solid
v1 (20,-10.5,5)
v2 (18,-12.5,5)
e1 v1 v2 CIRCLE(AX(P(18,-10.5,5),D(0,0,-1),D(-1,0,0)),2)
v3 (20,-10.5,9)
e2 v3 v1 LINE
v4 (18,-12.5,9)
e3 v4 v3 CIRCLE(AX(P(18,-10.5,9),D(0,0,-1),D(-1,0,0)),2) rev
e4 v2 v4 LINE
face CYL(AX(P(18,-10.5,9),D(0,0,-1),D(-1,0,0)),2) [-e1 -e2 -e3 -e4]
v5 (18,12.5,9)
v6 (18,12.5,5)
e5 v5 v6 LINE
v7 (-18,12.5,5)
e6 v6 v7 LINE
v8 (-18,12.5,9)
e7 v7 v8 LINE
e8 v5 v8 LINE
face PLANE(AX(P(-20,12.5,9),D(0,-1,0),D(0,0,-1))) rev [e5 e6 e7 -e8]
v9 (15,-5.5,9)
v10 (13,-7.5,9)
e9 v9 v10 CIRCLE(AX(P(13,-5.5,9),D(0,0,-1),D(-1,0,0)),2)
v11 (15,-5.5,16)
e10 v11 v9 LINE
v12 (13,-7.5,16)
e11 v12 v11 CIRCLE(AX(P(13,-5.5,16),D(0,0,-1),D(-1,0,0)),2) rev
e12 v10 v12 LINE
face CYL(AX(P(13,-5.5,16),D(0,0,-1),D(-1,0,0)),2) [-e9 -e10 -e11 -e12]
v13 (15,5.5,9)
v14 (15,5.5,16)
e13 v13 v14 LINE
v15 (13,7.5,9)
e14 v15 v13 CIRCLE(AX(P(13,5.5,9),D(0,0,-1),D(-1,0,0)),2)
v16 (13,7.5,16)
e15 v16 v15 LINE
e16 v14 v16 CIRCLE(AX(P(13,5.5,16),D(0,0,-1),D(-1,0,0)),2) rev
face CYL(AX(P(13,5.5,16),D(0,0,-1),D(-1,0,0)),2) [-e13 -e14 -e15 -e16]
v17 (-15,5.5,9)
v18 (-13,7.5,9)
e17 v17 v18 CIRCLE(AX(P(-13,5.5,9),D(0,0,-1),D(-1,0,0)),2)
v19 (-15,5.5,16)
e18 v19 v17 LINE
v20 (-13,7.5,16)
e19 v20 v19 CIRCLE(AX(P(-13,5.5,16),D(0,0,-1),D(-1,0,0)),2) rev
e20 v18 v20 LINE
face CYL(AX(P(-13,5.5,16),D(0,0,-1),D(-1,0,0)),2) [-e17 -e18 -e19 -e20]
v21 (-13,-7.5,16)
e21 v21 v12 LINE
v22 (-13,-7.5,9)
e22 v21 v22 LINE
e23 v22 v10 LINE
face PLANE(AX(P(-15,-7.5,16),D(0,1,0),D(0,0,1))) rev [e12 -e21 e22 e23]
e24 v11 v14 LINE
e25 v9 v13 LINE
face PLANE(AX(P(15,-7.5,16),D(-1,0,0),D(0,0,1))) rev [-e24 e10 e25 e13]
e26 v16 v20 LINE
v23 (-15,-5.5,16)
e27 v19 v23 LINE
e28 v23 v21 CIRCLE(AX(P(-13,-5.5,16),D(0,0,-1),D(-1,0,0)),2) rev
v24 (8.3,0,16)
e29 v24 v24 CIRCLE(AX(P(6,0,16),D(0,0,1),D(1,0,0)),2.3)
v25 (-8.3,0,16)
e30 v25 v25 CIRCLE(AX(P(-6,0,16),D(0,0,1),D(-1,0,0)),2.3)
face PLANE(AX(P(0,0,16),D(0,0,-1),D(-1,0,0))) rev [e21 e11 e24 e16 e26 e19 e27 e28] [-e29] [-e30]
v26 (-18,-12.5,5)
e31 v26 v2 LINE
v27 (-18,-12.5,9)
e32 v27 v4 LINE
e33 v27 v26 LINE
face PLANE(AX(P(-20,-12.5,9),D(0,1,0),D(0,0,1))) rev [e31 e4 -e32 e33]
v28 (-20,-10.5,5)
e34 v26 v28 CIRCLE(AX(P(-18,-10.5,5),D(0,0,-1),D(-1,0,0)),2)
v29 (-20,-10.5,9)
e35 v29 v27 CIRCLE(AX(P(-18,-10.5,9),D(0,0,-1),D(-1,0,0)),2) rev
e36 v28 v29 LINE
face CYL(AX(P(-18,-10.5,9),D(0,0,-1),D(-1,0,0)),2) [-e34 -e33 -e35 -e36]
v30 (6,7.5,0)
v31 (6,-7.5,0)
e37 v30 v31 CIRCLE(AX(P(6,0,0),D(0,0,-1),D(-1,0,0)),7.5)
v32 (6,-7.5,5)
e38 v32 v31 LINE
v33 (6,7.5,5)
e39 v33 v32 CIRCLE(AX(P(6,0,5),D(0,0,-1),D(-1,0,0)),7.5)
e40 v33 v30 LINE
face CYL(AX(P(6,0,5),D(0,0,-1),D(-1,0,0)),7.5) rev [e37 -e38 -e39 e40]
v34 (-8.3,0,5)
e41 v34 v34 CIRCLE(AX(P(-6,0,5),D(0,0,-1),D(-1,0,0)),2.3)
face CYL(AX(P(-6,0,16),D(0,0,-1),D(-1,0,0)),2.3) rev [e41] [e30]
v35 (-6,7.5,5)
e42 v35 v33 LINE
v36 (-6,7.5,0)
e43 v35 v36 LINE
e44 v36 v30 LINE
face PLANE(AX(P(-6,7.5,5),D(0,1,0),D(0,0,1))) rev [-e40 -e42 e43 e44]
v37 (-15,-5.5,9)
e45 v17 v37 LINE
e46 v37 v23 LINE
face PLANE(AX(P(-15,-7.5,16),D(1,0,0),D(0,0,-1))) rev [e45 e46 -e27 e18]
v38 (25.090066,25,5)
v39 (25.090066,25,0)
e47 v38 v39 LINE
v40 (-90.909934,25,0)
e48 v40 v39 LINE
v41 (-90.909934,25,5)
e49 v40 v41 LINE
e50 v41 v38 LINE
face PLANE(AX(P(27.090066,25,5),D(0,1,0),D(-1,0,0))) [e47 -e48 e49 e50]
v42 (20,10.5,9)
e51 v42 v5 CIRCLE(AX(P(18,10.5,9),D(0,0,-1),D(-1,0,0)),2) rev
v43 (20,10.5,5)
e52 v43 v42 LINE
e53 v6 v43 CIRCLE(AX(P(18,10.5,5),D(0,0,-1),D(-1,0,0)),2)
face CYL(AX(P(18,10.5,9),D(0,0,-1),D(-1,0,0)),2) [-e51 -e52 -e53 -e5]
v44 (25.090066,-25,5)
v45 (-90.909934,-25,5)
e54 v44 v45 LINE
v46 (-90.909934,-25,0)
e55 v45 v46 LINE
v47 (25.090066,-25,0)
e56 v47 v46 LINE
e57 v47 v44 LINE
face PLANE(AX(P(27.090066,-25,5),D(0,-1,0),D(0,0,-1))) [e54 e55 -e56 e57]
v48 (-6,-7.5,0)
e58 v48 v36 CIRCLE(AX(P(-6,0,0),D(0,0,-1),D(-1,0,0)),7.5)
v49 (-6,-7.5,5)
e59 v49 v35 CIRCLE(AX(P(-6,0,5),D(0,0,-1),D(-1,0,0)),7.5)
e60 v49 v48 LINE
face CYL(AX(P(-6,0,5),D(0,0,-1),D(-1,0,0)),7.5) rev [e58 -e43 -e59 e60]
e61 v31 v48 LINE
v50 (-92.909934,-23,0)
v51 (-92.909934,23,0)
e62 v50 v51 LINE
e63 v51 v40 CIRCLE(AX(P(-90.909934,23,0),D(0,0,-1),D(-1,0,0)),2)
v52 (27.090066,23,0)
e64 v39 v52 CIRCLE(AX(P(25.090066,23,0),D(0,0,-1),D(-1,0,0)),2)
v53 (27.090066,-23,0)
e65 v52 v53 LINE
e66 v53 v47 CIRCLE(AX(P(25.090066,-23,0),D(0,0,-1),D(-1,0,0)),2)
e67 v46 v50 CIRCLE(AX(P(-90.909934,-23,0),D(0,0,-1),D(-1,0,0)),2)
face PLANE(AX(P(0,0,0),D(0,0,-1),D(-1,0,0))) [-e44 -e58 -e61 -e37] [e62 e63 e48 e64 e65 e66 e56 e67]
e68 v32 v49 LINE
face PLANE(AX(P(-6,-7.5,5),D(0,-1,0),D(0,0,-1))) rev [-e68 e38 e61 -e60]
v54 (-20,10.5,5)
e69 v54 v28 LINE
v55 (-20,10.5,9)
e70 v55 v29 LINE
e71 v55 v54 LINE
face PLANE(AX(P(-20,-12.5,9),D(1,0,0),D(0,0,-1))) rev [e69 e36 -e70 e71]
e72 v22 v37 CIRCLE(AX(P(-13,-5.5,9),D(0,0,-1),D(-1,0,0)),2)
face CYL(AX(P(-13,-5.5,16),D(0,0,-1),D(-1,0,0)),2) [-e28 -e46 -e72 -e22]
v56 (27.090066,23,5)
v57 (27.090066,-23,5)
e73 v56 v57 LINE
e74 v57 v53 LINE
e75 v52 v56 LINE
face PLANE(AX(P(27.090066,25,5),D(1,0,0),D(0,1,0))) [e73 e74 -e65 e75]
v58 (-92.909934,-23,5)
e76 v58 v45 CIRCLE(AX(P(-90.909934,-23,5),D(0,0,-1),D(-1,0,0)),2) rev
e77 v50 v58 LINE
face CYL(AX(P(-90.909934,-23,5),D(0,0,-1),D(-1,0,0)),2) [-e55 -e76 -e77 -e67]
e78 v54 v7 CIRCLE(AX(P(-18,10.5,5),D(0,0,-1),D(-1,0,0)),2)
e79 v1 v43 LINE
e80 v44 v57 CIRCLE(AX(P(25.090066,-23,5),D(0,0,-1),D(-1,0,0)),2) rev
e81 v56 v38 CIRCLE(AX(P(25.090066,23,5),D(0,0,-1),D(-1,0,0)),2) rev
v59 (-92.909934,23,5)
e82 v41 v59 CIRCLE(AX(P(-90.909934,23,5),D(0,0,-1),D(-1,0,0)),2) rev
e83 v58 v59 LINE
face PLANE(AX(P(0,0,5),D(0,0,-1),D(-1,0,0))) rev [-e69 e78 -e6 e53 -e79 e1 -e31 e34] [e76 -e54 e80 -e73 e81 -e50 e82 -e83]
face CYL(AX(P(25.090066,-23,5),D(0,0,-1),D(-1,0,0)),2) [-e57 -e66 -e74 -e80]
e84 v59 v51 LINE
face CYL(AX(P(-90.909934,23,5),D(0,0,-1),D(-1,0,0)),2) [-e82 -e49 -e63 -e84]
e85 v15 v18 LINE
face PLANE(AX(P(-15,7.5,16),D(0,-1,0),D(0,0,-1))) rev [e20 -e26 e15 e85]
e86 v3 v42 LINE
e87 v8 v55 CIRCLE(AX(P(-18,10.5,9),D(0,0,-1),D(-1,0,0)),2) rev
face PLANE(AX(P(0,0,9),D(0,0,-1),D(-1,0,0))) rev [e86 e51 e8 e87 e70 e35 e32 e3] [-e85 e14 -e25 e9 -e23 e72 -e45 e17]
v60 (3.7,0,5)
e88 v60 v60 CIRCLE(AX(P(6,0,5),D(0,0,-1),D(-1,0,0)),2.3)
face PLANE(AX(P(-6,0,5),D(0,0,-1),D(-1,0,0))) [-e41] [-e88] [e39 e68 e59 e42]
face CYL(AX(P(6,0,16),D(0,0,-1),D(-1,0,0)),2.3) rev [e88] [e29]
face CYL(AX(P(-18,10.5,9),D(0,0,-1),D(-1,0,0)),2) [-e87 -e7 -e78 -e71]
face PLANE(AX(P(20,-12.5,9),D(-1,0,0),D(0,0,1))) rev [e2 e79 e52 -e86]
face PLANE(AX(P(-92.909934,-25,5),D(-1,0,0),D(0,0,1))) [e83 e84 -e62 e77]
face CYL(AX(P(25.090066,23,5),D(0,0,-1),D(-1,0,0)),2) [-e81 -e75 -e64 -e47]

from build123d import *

# Parameters (mm, degrees)
CROQUIS1_W              = 30
CROQUIS1_H              = 15
CROQUIS1_R              = 2.3
SALIENTE_EXTRUIR1_DEPTH = 16
CROQUIS2_W              = 120
CROQUIS2_H              = 50
CROQUIS2_R              = 3.5
SALIENTE_EXTRUIR2_DEPTH = 5
CROQUIS3_W              = 40
CROQUIS3_H              = 25
CROQUIS3_W_2            = 30
CROQUIS3_H_2            = 15
SALIENTE_EXTRUIR3_DEPTH = 4
CORTAR_EXTRUIR1_DEPTH   = 5
REDONDEO1_R             = 2


with BuildPart() as part:
    # Croquis1 → Saliente-Extruir1 (new body)
    with BuildSketch(Plane.XY):
        Rectangle(CROQUIS1_W, CROQUIS1_H)
        with Locations((6, 0)):
            Circle(CROQUIS1_R, mode=Mode.SUBTRACT)
        with Locations(Location((-6, 0, 0), (0, 0, 180))):
            Circle(CROQUIS1_R, mode=Mode.SUBTRACT)
    extrude(amount=SALIENTE_EXTRUIR1_DEPTH)

    # Croquis2 → Saliente-Extruir2 (add)
    with BuildSketch(Plane(origin=(0, 0, 0), x_dir=(-1, 0, 0), z_dir=(0, 0, -1))):
        with Locations((32.909933797, 0)):
            Rectangle(CROQUIS2_W, CROQUIS2_H)
        with Locations((-6, 0)):
            Circle(CROQUIS2_R, mode=Mode.SUBTRACT)
        with Locations((6, 0)):
            Circle(CROQUIS2_R, mode=Mode.SUBTRACT)
    extrude(amount=-SALIENTE_EXTRUIR2_DEPTH)

    # Croquis3 → Saliente-Extruir3 (add)
    with BuildSketch(Plane.XY.offset(5)):
        Rectangle(CROQUIS3_W, CROQUIS3_H)
        Rectangle(CROQUIS3_W_2, CROQUIS3_H_2, mode=Mode.SUBTRACT)
    extrude(amount=SALIENTE_EXTRUIR3_DEPTH)

    # Croquis4 → Cortar-Extruir1 (cut)
    with BuildSketch(Plane(origin=(0, 0, 0), x_dir=(-1, 0, 0), z_dir=(0, 0, -1))):
        with BuildLine():
            Line((6, 7.5), (-6, 7.5))
            ThreePointArc((-6, 7.5), (-13.5, 0), (-6, -7.5))
            Line((-6, -7.5), (6, -7.5))
            ThreePointArc((6, -7.5), (13.5, 0), (6, 7.5))
        make_face()
    extrude(amount=-CORTAR_EXTRUIR1_DEPTH, mode=Mode.SUBTRACT)

    # Redondeo1
    redondeo1_edges = [part.edges().sort_by_distance(p)[0] for p in [
        (27.090066203, -25, 2.5),
        (27.090066203, 25, 2.5),
        (-92.909933797, 25, 2.5),
        (-92.909933797, -25, 2.5),
        (20, -12.5, 7),
        (20, 12.5, 7),
        (-20, 12.5, 7),
        (-20, -12.5, 7),
        (15, -7.5, 12.5),
        (-15, -7.5, 12.5),
        (-15, 7.5, 12.5),
        (15, 7.5, 12.5),
    ]]
    fillet(redondeo1_edges, radius=REDONDEO1_R)


solid = part.part
